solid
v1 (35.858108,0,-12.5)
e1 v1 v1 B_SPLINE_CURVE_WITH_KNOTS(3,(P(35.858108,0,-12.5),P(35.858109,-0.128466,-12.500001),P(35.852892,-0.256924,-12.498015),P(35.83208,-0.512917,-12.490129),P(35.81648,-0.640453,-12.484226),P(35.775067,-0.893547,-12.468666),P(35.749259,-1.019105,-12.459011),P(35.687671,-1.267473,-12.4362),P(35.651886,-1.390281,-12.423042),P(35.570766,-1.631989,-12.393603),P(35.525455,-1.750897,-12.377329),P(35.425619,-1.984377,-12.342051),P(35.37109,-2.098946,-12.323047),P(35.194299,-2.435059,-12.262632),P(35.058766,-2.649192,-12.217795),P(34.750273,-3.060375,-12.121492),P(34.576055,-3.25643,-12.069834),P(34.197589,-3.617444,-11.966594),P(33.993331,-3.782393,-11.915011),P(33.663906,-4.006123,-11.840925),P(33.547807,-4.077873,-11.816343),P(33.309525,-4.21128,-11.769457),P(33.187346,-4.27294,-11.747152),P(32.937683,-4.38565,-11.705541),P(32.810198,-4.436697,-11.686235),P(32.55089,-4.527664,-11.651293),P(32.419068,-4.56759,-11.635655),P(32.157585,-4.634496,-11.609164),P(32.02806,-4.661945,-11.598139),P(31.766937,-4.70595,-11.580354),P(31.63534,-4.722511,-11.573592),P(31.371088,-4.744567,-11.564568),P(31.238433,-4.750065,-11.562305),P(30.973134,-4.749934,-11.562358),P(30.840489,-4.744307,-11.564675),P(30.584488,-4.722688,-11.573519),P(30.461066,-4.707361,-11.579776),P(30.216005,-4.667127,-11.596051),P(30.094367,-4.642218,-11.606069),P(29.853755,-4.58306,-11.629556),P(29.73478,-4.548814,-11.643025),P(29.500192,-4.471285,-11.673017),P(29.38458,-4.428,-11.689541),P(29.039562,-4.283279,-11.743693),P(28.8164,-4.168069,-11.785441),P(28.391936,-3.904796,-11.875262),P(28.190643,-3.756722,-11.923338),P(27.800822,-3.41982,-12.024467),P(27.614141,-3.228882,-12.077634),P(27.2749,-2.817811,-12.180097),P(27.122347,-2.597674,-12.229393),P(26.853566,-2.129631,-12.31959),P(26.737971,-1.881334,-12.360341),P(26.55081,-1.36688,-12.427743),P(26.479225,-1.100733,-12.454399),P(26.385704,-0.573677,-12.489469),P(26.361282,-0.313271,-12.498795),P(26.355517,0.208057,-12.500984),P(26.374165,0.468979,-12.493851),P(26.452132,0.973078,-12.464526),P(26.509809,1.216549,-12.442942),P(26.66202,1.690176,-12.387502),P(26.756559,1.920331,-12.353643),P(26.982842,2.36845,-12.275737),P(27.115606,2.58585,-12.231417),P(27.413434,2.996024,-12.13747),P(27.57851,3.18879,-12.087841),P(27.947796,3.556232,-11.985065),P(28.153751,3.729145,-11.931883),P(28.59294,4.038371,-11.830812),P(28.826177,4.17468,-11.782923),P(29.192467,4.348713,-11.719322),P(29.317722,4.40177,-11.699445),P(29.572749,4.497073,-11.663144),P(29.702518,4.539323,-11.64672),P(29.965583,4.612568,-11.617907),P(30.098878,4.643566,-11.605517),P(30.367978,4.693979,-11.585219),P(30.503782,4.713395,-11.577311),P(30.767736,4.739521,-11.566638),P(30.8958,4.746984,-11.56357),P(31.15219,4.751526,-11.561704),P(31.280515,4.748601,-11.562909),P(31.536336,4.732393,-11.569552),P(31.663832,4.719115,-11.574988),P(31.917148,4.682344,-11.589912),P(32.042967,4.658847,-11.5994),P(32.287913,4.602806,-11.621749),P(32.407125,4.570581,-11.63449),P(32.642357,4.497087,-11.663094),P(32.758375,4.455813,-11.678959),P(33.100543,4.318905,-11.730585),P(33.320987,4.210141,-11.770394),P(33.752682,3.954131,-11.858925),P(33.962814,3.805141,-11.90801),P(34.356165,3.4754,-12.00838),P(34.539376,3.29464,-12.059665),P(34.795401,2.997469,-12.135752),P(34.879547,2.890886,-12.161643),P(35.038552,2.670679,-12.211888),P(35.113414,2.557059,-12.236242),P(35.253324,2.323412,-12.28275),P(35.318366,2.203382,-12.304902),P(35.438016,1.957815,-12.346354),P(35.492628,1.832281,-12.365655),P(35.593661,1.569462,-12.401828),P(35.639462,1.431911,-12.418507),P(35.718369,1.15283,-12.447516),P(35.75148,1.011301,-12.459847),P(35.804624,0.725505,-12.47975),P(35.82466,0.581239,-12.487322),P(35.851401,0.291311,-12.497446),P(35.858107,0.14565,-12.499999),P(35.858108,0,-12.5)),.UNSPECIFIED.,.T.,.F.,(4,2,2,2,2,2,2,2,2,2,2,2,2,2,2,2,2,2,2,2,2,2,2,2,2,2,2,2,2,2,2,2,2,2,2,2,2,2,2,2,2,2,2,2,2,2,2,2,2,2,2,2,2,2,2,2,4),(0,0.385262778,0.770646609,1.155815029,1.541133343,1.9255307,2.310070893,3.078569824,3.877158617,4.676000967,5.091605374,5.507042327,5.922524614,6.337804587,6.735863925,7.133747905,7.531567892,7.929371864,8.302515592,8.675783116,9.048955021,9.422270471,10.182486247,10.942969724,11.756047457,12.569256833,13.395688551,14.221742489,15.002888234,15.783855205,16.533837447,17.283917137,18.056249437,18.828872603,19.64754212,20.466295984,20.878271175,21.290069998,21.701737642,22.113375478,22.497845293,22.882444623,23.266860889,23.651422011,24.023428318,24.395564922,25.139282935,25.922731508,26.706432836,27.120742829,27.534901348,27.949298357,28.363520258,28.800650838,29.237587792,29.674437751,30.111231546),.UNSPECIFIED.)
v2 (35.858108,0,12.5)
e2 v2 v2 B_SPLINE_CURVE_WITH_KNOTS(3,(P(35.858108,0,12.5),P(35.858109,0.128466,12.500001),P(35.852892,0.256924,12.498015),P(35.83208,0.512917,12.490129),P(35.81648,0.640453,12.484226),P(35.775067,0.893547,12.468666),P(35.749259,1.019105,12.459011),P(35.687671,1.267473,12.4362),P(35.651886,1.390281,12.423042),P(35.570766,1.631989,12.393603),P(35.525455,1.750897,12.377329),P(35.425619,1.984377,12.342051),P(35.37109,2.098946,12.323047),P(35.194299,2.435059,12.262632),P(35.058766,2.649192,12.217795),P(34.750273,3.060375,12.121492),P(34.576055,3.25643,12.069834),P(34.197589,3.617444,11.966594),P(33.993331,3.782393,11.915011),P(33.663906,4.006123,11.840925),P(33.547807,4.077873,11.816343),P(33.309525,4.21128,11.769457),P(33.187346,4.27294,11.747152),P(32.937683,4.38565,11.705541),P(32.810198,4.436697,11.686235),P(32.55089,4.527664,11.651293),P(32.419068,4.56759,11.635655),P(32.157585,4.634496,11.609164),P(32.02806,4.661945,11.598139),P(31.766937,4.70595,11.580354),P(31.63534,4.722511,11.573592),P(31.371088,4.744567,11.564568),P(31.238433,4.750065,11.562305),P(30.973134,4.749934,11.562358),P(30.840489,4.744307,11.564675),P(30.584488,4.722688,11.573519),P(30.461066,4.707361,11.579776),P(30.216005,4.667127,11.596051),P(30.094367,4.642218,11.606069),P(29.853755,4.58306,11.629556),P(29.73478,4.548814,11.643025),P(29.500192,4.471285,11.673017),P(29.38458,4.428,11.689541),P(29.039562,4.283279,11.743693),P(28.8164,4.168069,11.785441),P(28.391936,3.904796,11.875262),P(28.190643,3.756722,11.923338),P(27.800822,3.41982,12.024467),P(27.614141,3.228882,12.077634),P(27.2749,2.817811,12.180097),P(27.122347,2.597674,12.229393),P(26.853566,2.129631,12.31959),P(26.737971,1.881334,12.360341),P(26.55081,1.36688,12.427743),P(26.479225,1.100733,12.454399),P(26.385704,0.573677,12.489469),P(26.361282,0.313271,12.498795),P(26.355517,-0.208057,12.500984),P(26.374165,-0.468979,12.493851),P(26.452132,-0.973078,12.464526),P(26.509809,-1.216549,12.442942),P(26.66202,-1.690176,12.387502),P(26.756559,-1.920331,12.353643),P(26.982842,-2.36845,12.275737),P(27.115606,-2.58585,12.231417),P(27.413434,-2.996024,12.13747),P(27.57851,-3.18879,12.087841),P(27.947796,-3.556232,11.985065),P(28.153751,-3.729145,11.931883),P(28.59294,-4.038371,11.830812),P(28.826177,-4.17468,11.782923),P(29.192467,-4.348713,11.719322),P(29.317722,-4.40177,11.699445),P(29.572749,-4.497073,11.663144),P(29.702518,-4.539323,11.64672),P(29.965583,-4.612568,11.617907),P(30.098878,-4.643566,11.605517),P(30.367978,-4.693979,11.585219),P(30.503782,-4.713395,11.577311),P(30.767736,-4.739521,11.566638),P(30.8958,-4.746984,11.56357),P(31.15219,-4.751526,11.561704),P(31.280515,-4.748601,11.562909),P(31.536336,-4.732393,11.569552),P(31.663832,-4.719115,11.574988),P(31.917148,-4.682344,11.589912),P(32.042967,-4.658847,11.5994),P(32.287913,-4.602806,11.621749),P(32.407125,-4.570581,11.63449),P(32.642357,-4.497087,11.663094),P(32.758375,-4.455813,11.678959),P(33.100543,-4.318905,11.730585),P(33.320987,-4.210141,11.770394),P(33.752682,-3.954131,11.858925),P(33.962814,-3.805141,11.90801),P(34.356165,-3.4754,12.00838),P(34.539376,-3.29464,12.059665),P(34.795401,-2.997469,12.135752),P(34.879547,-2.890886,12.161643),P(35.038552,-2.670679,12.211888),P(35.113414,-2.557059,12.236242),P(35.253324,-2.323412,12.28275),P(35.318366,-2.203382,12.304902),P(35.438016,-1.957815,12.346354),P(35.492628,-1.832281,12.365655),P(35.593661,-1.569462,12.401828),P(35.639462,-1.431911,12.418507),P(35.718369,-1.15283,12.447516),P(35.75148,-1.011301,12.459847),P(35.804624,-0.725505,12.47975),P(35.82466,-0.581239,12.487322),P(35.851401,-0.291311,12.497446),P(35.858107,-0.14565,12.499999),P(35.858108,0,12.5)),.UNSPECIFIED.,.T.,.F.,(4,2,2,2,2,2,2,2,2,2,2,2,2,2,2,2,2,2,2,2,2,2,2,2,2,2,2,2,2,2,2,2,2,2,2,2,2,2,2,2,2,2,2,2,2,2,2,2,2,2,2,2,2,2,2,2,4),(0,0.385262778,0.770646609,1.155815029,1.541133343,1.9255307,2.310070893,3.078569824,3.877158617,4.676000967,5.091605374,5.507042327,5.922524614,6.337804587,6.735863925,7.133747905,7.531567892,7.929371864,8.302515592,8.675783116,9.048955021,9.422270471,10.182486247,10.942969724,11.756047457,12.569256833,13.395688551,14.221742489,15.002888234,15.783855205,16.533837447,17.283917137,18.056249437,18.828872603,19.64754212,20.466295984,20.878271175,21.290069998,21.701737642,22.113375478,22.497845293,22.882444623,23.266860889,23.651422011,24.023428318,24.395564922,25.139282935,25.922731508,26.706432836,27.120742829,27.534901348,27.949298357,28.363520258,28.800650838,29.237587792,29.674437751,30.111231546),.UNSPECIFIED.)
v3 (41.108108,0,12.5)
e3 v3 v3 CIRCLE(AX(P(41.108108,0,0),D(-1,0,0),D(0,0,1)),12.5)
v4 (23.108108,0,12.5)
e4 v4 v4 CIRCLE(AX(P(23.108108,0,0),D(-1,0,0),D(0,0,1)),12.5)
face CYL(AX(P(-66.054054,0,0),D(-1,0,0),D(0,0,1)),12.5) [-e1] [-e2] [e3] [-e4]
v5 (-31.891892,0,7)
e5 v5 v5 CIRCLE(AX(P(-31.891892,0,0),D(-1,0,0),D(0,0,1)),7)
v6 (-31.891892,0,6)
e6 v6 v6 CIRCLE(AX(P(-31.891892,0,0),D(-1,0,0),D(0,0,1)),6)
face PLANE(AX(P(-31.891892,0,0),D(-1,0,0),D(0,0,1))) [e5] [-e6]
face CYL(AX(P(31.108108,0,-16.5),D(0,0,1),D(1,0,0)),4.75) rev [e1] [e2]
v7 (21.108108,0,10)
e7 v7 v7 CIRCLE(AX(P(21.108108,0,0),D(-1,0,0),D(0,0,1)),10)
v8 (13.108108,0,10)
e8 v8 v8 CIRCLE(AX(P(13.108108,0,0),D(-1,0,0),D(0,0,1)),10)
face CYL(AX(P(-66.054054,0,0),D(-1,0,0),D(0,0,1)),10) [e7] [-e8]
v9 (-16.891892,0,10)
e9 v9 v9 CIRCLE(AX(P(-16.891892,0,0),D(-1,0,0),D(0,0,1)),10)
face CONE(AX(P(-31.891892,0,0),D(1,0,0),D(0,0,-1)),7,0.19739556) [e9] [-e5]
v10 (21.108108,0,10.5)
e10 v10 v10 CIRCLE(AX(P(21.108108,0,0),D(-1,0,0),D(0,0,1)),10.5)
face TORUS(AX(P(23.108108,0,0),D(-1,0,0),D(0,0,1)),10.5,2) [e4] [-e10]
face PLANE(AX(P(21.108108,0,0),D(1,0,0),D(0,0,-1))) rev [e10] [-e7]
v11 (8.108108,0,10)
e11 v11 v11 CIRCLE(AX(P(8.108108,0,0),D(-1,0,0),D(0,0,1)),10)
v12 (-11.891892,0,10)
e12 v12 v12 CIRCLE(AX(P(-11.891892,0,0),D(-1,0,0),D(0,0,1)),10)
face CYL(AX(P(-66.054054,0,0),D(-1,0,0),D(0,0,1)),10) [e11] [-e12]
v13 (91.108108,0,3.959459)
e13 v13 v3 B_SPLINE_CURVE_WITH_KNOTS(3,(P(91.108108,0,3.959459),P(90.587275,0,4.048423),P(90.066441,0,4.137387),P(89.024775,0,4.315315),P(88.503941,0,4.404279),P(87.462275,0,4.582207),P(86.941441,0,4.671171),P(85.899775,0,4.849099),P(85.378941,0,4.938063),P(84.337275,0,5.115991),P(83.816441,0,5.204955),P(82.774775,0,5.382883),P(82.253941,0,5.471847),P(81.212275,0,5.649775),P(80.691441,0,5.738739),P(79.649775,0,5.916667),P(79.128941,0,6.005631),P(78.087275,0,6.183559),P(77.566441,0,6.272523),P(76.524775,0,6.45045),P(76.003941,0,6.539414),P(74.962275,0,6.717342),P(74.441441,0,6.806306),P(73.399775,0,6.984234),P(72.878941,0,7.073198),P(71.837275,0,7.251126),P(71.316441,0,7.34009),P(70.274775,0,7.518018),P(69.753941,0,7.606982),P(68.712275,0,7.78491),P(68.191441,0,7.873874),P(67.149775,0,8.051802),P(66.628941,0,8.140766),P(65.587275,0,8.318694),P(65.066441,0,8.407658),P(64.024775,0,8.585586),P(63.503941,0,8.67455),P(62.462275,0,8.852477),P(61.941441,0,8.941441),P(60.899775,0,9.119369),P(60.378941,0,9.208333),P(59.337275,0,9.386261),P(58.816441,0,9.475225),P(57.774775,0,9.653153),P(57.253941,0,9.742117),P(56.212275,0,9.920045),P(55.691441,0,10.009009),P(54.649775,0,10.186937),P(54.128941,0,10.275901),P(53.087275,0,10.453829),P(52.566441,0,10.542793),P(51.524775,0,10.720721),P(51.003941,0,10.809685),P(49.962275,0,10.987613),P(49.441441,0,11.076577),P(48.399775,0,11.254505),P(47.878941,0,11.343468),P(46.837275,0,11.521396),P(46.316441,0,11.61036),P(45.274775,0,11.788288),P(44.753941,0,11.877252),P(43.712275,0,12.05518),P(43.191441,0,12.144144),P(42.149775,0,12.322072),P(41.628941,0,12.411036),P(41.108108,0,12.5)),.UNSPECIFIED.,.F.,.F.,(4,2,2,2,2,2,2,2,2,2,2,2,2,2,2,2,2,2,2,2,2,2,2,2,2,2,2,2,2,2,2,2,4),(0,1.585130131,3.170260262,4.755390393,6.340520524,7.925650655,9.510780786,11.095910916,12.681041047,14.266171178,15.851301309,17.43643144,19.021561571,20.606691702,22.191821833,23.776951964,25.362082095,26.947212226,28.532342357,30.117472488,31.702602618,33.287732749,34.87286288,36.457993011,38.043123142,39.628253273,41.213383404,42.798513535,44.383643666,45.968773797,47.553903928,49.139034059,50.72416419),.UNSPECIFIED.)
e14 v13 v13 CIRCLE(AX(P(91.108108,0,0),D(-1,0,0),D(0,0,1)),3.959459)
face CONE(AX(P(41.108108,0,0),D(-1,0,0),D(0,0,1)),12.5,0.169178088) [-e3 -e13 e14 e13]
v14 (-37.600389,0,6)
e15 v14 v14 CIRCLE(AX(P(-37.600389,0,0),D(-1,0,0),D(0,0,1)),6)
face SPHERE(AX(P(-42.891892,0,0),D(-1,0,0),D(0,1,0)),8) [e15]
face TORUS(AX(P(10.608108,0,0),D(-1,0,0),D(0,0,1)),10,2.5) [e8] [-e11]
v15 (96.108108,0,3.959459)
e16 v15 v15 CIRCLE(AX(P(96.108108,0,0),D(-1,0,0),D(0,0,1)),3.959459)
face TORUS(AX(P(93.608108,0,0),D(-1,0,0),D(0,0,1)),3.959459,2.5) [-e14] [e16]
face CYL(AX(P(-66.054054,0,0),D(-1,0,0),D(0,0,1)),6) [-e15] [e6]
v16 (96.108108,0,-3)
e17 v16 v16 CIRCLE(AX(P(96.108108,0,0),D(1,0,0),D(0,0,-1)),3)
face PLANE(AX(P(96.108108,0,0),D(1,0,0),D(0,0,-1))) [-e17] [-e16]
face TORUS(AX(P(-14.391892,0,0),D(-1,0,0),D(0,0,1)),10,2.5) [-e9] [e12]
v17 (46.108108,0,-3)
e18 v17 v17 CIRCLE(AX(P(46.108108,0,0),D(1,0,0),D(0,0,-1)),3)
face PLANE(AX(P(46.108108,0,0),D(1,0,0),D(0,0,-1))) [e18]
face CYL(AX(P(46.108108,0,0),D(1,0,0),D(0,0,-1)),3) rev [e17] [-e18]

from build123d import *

# Parameters (mm, degrees)
SKETCH1_W          = 5.708497378
SKETCH1_H          = 6
SKETCH1_W_2        = 20
SKETCH1_H_2        = 10
SKETCH1_W_3        = 8
SKETCH2_R          = 4.75
CUT_EXTRUDE1_DEPTH = 29
SKETCH5_R          = 3
CUT_EXTRUDE2_DEPTH = 50


with BuildPart() as part:
    # Sketch1 → Revolve1 (revolve)
    with BuildSketch(Plane.XY, mode=Mode.PRIVATE) as revolve1_sk:
        with BuildLine():
            ThreePointArc((-37.60038927, 6), (-46.183394514, 7.291502622), (-50.891891892, 0))
            Line((-50.891891892, 0), (-37.60038927, 0))
            Line((-37.60038927, 0), (-37.60038927, 6))
        make_face()
        with Locations((-34.746140581, 3)):
            Rectangle(SKETCH1_W, SKETCH1_H)
        Polygon((-31.891891892, 6), (-31.891891892, 0), (-16.891891892, 0), (-16.891891892, 10), (-31.891891892, 7), align=None)
        with BuildLine():
            Line((-16.891891892, 10), (-16.891891892, 0))
            Line((-16.891891892, 0), (-11.891891892, 0))
            Line((-11.891891892, 0), (-11.891891892, 10))
            ThreePointArc((-11.891891892, 10), (-14.391891892, 12.5), (-16.891891892, 10))
        make_face()
        with Locations((-1.891891892, 5)):
            Rectangle(SKETCH1_W_2, SKETCH1_H_2)
        with BuildLine():
            Line((8.108108108, 10), (8.108108108, 0))
            Line((8.108108108, 0), (13.108108108, 0))
            Line((13.108108108, 0), (13.108108108, 10))
            ThreePointArc((13.108108108, 10), (10.608108108, 12.5), (8.108108108, 10))
        make_face()
        with Locations((17.108108108, 5)):
            Rectangle(SKETCH1_W_3, SKETCH1_H_2)
        with BuildLine():
            Line((21.108108108, 10), (21.108108108, 0))
            Line((21.108108108, 0), (40.989315554, 0))
            Line((40.989315554, 0), (41.108108108, 12.5))
            Line((41.108108108, 12.5), (23.108108108, 12.5))
            ThreePointArc((23.108108108, 12.5), (21.693894546, 11.914213562), (21.108108108, 10.5))
            Line((21.108108108, 10.5), (21.108108108, 10))
        make_face()
        Polygon((41.108108108, 12.5), (40.989315554, 0), (91.108108108, 0), (91.108108108, 3.959459459), align=None)
        with BuildLine():
            Line((91.108108108, 3.959459459), (91.108108108, 0))
            Line((91.108108108, 0), (96.108108108, 0))
            Line((96.108108108, 0), (96.108108108, 3.959459459))
            ThreePointArc((96.108108108, 3.959459459), (93.608108108, 6.459459459), (91.108108108, 3.959459459))
        make_face()
    revolve(revolve1_sk.sketch.rotate(Axis((-66.054054054, 0, 0), (1, 0, 0)), 90), axis=Axis((-66.054054054, 0, 0), (1, 0, 0)))

    # Sketch2 → Cut-Extrude1 (cut)
    with BuildSketch(Plane.XY.offset(12.5)):
        with Locations((31.108108108, 0)):
            Circle(SKETCH2_R)
    extrude(amount=-CUT_EXTRUDE1_DEPTH, mode=Mode.SUBTRACT)

    # Sketch5 → Cut-Extrude2 (cut)
    with BuildSketch(Plane(origin=(96.108108108, 0, 0), x_dir=(0, 0, -1), z_dir=(1, 0, 0))):
        Circle(SKETCH5_R)
    extrude(amount=-CUT_EXTRUDE2_DEPTH, mode=Mode.SUBTRACT)


solid = part.part
